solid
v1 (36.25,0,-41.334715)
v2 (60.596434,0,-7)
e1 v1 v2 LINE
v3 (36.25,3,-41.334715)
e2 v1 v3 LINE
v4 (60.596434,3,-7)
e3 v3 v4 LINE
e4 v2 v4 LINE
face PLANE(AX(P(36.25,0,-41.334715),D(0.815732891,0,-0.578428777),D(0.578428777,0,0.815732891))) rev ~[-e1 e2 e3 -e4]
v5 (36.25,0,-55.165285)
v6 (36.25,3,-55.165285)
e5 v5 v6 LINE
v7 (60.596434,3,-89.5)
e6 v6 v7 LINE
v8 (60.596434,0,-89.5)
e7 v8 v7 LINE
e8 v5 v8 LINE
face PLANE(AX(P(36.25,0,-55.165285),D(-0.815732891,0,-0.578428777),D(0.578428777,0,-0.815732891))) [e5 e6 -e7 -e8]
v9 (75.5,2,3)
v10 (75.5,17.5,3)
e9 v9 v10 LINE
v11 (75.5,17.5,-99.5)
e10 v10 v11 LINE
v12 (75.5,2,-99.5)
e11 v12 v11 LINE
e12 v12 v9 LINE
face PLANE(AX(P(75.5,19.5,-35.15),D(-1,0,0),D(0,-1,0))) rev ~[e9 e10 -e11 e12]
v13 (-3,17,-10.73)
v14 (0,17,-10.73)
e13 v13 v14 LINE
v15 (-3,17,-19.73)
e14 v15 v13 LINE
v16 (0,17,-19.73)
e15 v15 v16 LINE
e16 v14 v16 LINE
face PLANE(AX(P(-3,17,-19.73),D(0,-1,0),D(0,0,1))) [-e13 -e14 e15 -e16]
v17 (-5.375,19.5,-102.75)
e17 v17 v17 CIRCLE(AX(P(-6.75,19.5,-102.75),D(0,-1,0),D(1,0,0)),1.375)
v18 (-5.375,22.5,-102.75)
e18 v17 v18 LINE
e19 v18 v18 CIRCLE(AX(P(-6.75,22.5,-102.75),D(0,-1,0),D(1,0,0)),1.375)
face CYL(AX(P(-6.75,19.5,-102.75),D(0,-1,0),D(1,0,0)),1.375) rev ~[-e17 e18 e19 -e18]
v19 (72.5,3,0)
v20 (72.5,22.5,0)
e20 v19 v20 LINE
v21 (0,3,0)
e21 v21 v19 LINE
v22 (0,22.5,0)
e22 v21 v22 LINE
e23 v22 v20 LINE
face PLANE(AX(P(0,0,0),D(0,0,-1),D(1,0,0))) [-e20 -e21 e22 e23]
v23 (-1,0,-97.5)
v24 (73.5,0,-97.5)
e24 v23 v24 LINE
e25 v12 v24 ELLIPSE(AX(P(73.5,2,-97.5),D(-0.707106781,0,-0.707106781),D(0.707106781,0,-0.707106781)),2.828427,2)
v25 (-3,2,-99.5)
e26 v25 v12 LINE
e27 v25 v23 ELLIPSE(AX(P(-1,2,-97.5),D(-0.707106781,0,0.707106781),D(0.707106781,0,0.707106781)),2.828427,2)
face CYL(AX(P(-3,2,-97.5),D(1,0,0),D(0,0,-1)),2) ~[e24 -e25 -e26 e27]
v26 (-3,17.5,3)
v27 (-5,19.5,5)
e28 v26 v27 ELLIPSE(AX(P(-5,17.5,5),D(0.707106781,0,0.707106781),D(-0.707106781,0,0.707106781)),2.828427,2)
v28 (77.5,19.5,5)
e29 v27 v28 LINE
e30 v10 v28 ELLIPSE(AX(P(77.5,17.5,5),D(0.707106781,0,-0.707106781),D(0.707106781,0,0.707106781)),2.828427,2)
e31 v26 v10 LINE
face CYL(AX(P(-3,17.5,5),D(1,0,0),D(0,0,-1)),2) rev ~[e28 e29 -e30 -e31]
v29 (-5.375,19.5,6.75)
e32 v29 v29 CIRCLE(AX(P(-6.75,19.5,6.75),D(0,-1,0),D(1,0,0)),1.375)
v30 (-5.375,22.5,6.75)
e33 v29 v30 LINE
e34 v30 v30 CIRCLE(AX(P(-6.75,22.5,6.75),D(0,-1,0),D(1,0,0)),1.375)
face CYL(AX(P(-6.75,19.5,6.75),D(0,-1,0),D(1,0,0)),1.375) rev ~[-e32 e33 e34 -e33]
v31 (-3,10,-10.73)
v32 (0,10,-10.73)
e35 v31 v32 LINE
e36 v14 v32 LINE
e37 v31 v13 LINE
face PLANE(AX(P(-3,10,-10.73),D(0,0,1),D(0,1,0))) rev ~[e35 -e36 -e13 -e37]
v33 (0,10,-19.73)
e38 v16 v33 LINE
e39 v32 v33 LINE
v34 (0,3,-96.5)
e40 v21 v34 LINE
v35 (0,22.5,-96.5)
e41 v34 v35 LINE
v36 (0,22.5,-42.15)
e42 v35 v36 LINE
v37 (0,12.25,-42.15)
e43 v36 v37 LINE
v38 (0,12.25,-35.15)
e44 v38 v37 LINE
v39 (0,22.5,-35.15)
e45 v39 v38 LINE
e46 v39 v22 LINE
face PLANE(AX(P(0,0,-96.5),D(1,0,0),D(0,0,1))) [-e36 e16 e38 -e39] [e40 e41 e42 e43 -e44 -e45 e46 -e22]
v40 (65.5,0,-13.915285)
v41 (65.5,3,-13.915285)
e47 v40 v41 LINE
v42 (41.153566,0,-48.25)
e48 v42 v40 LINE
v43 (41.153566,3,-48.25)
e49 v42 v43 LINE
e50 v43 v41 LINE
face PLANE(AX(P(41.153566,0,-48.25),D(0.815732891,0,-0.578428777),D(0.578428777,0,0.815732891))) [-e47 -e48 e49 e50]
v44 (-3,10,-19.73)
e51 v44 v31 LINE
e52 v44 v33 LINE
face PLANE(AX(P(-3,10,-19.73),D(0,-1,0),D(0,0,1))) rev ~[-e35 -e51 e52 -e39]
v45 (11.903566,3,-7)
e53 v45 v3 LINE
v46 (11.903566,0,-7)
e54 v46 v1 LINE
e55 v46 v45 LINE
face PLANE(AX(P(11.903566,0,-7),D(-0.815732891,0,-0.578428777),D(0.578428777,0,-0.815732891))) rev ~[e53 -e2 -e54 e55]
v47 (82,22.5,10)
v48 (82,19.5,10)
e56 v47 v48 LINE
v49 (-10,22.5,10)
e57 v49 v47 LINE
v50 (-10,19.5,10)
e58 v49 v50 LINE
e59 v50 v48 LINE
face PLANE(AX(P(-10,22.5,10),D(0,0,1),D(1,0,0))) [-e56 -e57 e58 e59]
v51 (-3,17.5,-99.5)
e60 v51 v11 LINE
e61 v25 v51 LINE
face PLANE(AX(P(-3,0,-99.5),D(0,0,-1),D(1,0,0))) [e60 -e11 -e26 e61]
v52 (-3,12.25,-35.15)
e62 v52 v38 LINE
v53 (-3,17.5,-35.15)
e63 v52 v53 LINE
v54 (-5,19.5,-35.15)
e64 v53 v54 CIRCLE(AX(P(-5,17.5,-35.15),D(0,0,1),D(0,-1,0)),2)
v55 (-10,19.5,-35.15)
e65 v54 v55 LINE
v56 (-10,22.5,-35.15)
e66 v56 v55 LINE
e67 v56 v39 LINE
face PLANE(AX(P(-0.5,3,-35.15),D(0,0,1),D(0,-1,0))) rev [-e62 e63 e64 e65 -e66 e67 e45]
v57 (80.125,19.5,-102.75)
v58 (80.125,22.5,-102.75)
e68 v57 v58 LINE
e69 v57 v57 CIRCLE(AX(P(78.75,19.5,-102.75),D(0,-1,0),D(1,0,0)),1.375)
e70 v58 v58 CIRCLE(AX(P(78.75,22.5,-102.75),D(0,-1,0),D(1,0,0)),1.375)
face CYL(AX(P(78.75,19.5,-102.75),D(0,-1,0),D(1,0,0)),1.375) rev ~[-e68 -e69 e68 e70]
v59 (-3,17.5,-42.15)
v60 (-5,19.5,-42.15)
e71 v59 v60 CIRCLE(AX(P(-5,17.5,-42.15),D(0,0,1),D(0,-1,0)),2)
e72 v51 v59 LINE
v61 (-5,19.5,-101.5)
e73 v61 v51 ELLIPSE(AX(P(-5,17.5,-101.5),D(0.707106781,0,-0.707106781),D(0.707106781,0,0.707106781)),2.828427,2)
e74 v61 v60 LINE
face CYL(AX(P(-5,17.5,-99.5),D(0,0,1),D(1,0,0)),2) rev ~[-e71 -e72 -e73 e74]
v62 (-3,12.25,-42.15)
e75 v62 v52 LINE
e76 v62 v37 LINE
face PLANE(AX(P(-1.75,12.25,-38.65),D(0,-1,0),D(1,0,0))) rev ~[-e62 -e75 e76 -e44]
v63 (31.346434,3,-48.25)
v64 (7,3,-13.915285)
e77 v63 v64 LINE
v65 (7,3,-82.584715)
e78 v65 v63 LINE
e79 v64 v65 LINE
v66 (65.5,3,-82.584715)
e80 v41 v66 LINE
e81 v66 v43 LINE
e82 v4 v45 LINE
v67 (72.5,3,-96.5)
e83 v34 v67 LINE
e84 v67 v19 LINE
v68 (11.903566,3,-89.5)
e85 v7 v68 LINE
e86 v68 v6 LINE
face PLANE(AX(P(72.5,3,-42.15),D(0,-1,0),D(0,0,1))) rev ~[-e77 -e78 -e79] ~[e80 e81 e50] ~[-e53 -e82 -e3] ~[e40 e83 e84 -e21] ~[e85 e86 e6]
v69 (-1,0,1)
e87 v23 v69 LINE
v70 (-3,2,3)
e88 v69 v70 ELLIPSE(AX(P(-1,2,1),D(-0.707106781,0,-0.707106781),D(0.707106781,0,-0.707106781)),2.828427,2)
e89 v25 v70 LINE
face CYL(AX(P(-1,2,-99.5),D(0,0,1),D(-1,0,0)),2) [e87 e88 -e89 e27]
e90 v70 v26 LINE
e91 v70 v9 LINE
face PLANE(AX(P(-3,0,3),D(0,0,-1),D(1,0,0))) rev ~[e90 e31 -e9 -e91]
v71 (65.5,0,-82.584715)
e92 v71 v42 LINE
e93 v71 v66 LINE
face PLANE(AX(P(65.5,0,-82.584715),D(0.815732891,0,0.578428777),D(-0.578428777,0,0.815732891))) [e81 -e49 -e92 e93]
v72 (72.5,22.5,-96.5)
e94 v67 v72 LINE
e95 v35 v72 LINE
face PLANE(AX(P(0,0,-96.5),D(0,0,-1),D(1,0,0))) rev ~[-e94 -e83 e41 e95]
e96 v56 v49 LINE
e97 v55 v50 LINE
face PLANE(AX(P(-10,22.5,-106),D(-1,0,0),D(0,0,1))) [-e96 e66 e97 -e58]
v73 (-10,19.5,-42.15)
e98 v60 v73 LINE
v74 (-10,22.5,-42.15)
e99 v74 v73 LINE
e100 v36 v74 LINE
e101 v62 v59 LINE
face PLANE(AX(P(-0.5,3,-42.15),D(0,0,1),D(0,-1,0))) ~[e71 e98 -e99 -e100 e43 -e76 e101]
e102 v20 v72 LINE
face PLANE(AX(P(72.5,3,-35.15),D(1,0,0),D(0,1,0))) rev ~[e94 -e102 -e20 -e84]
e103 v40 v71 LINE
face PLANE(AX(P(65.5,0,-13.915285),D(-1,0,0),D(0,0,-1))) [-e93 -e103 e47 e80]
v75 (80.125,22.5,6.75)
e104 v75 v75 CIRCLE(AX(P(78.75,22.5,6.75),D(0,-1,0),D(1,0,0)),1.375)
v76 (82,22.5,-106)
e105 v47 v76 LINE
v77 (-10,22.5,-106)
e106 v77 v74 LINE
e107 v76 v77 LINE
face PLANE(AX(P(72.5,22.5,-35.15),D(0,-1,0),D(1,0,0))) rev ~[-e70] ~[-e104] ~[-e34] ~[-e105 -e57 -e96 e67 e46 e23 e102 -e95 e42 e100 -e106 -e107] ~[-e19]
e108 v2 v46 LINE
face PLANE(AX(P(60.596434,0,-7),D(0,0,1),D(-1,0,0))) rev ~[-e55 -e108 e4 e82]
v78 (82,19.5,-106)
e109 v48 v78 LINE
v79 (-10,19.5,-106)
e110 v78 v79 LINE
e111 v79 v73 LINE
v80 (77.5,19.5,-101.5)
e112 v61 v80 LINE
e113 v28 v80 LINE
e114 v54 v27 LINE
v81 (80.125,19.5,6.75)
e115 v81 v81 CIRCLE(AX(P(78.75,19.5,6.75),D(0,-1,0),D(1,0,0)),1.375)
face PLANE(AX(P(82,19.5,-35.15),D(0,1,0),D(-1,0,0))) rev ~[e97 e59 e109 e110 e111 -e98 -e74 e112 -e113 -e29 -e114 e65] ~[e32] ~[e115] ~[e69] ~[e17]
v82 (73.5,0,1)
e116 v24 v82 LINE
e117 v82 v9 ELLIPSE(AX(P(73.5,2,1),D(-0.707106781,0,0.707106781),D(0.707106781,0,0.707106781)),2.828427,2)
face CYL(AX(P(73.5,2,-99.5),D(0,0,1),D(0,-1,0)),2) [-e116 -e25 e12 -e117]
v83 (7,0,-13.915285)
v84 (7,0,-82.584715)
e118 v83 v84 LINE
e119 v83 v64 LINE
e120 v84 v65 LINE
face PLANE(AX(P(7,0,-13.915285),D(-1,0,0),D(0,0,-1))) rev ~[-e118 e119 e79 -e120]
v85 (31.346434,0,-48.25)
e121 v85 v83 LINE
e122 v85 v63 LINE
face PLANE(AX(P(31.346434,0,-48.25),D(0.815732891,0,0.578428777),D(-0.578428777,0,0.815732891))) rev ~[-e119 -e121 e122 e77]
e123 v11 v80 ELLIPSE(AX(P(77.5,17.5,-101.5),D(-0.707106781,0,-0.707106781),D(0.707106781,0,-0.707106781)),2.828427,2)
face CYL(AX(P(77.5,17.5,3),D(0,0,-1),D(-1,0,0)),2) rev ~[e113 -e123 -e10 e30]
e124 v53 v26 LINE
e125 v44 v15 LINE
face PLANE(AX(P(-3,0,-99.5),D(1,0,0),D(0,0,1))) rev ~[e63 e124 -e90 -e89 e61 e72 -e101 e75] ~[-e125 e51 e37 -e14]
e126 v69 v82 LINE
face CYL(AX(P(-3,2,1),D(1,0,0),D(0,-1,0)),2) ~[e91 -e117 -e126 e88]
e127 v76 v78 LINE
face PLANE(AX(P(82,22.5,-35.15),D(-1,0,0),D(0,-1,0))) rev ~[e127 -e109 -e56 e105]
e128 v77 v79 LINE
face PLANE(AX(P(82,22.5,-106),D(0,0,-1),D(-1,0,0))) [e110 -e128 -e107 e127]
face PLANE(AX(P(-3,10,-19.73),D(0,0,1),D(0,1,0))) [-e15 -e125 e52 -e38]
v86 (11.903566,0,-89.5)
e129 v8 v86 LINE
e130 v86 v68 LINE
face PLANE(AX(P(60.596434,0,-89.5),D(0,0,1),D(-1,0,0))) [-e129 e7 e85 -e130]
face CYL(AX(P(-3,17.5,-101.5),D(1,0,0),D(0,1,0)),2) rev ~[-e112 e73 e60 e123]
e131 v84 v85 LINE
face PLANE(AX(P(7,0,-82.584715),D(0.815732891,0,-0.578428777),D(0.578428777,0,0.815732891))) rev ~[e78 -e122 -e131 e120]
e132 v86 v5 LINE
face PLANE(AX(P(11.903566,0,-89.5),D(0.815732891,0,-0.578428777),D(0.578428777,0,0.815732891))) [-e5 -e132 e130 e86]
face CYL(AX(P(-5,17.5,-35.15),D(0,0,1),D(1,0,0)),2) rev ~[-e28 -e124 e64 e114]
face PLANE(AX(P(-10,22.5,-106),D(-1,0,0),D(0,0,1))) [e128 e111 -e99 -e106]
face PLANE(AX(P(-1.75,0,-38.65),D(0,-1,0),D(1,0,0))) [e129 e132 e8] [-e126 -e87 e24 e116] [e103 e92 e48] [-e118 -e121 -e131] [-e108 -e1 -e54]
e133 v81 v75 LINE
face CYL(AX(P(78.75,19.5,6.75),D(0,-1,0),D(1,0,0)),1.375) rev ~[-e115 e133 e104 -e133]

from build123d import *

# Parameters (mm, degrees)
SKETCH1_W              = 72.5
SKETCH1_H              = 96.5
BRACKETBASE_DEPTH      = 3
SKETCH3_W              = 78.5
SKETCH3_H              = 102.5
SKETCH3_W_2            = 72.5
SKETCH3_H_2            = 96.5
BRACKETWALLS_DEPTH     = 22.5
SKETCH4_W              = 7
SKETCH4_H              = 19.5
WIREHOLE_DEPTH         = 22.5
BRACKETFLANGE_DEPTH    = 3
SKETCH7_R              = 1.375
MOUNTINGHOLES_DEPTH    = 4
SKETCH8_W              = 9
SKETCH8_H              = 7
SWITCHHOLE_DEPTH       = 10
BOSS_EXTRUDE1_REACH    = 72.85
SKETCH10_W             = 2.5
SKETCH10_H             = 7
BOSS_EXTRUDE2_DEPTH    = 12.25
FILLET1_R              = 2
FILLET2_R              = 2
SKETCH11_W             = 7
SKETCH11_H             = 10.25
CUT_EXTRUDE1_DEPTH     = 10
WEIGHTREDUCTION1_DEPTH = 23.5


with BuildPart() as part:
    # Sketch1 → bracketBase (new body)
    with BuildSketch(Plane(origin=(0, 0, 0), x_dir=(1, 0, 0), z_dir=(0, 1, 0))):
        with Locations((36.25, 48.25)):
            Rectangle(SKETCH1_W, SKETCH1_H)
    extrude(amount=BRACKETBASE_DEPTH)

    # Sketch3 → bracketWalls (add)
    with BuildSketch(Plane.XZ):
        with Locations((36.25, -48.25)):
            Rectangle(SKETCH3_W, SKETCH3_H)
        with Locations((36.25, -48.25)):
            Rectangle(SKETCH3_W_2, SKETCH3_H_2, mode=Mode.SUBTRACT)
    extrude(amount=-BRACKETWALLS_DEPTH)

    # Sketch4 → wireHole (cut)
    with BuildSketch(Plane.ZY.offset(-72.5)):
        with Locations((-38.65, 12.75)):
            Rectangle(SKETCH4_W, SKETCH4_H)
    wirehole = extrude(amount=-WIREHOLE_DEPTH, mode=Mode.SUBTRACT)

    # Sketch6 → bracketFlange (add)
    with BuildSketch(Plane(origin=(0, 22.5, 0), x_dir=(1, 0, 0), z_dir=(0, 1, 0))):
        Polygon((72.5, 96.5), (72.5, 42.15), (82, 42.15), (82, 106), (-10, 106), (-10, -10), (82, -10), (82, 35.15), (72.5, 35.15), (72.5, 0), (0, 0), (0, 96.5), align=None)
    extrude(amount=-BRACKETFLANGE_DEPTH)

    # Sketch7 → mountingHoles (cut, through all)
    with BuildSketch(Plane.XZ.offset(-19.5)):
        with Locations((78.75, -102.75)):
            Circle(SKETCH7_R)
        with Locations((78.75, 6.75)):
            Circle(SKETCH7_R)
        with Locations((-6.75, -102.75)):
            Circle(SKETCH7_R)
        with Locations((-6.75, 6.75)):
            Circle(SKETCH7_R)
    extrude(amount=-MOUNTINGHOLES_DEPTH, mode=Mode.SUBTRACT)

    # Mirror1: wireHole across plane
    add(wirehole.mirror(Plane(origin=(36, 0, 0), x_dir=(0, 0, 1), z_dir=(1, 0, 0))), mode=Mode.SUBTRACT)

    # Sketch8 → switchHole (cut)
    with BuildSketch(Plane.ZY.offset(3)):
        with Locations((-15.23, 13.5)):
            Rectangle(SKETCH8_W, SKETCH8_H)
    extrude(amount=-SWITCHHOLE_DEPTH, mode=Mode.SUBTRACT)

    # Sketch9 → Boss-Extrude1 (add, up to next)
    with BuildSketch(Plane(origin=(0, 0, -35.15), x_dir=(-1, 0, 0), z_dir=(0, 0, -1)), mode=Mode.PRIVATE) as boss_extrude1_sk1:
        Polygon((-72.5, 3), (-72.5, 22.5), (-82, 22.5), (-82, 19.5), (-75.5, 19.5), (-75.5, 3), align=None)
    boss_extrude1_tool1 = extrude(boss_extrude1_sk1.sketch, amount=BOSS_EXTRUDE1_REACH, mode=Mode.PRIVATE) - part.part
    add(boss_extrude1_tool1.solids().sort_by_distance((75.1875, 14.8125, -35.15))[0])

    # Sketch10 → Boss-Extrude2 (add)
    with BuildSketch(Plane.XZ):
        with Locations((-1.75, -38.65)):
            Rectangle(SKETCH10_W, SKETCH10_H)
    extrude(amount=-BOSS_EXTRUDE2_DEPTH)

    # Fillet1
    fillet1_edges = [part.edges().sort_by_distance(p)[0] for p in [
        (-3, 19.5, -16.075),
        (36.25, 19.5, 3),
        (75.5, 19.5, -48.25),
        (36.25, 19.5, -99.5),
        (-3, 19.5, -70.825),
    ]]
    fillet(fillet1_edges, radius=FILLET1_R)

    # Fillet2
    fillet2_edges = [part.edges().sort_by_distance(p)[0] for p in [
        (36.25, 0, 3),
        (-3, 0, -48.25),
        (36.25, 0, -99.5),
        (75.5, 0, -48.25),
    ]]
    fillet(fillet2_edges, radius=FILLET2_R)

    # Sketch11 → Cut-Extrude1 (cut)
    with BuildSketch(Plane.ZY.offset(0.5)):
        with Locations((-38.65, 17.375)):
            Rectangle(SKETCH11_W, SKETCH11_H)
    extrude(amount=-CUT_EXTRUDE1_DEPTH, mode=Mode.SUBTRACT)

    # Sketch12 → weightReduction1 (cut, through all)
    with BuildSketch(Plane.XZ):
        Polygon((11.903565914, -89.5), (36.25, -55.165285264), (60.596434086, -89.5), align=None)
        Polygon((65.5, -82.584714736), (41.153565914, -48.25), (65.5, -13.915285264), align=None)
        Polygon((60.596434086, -7), (11.903565914, -7), (36.25, -41.334714736), align=None)
        Polygon((7, -13.915285264), (7, -82.584714736), (31.346434086, -48.25), align=None)
    extrude(amount=-WEIGHTREDUCTION1_DEPTH, mode=Mode.SUBTRACT)


solid = part.part
